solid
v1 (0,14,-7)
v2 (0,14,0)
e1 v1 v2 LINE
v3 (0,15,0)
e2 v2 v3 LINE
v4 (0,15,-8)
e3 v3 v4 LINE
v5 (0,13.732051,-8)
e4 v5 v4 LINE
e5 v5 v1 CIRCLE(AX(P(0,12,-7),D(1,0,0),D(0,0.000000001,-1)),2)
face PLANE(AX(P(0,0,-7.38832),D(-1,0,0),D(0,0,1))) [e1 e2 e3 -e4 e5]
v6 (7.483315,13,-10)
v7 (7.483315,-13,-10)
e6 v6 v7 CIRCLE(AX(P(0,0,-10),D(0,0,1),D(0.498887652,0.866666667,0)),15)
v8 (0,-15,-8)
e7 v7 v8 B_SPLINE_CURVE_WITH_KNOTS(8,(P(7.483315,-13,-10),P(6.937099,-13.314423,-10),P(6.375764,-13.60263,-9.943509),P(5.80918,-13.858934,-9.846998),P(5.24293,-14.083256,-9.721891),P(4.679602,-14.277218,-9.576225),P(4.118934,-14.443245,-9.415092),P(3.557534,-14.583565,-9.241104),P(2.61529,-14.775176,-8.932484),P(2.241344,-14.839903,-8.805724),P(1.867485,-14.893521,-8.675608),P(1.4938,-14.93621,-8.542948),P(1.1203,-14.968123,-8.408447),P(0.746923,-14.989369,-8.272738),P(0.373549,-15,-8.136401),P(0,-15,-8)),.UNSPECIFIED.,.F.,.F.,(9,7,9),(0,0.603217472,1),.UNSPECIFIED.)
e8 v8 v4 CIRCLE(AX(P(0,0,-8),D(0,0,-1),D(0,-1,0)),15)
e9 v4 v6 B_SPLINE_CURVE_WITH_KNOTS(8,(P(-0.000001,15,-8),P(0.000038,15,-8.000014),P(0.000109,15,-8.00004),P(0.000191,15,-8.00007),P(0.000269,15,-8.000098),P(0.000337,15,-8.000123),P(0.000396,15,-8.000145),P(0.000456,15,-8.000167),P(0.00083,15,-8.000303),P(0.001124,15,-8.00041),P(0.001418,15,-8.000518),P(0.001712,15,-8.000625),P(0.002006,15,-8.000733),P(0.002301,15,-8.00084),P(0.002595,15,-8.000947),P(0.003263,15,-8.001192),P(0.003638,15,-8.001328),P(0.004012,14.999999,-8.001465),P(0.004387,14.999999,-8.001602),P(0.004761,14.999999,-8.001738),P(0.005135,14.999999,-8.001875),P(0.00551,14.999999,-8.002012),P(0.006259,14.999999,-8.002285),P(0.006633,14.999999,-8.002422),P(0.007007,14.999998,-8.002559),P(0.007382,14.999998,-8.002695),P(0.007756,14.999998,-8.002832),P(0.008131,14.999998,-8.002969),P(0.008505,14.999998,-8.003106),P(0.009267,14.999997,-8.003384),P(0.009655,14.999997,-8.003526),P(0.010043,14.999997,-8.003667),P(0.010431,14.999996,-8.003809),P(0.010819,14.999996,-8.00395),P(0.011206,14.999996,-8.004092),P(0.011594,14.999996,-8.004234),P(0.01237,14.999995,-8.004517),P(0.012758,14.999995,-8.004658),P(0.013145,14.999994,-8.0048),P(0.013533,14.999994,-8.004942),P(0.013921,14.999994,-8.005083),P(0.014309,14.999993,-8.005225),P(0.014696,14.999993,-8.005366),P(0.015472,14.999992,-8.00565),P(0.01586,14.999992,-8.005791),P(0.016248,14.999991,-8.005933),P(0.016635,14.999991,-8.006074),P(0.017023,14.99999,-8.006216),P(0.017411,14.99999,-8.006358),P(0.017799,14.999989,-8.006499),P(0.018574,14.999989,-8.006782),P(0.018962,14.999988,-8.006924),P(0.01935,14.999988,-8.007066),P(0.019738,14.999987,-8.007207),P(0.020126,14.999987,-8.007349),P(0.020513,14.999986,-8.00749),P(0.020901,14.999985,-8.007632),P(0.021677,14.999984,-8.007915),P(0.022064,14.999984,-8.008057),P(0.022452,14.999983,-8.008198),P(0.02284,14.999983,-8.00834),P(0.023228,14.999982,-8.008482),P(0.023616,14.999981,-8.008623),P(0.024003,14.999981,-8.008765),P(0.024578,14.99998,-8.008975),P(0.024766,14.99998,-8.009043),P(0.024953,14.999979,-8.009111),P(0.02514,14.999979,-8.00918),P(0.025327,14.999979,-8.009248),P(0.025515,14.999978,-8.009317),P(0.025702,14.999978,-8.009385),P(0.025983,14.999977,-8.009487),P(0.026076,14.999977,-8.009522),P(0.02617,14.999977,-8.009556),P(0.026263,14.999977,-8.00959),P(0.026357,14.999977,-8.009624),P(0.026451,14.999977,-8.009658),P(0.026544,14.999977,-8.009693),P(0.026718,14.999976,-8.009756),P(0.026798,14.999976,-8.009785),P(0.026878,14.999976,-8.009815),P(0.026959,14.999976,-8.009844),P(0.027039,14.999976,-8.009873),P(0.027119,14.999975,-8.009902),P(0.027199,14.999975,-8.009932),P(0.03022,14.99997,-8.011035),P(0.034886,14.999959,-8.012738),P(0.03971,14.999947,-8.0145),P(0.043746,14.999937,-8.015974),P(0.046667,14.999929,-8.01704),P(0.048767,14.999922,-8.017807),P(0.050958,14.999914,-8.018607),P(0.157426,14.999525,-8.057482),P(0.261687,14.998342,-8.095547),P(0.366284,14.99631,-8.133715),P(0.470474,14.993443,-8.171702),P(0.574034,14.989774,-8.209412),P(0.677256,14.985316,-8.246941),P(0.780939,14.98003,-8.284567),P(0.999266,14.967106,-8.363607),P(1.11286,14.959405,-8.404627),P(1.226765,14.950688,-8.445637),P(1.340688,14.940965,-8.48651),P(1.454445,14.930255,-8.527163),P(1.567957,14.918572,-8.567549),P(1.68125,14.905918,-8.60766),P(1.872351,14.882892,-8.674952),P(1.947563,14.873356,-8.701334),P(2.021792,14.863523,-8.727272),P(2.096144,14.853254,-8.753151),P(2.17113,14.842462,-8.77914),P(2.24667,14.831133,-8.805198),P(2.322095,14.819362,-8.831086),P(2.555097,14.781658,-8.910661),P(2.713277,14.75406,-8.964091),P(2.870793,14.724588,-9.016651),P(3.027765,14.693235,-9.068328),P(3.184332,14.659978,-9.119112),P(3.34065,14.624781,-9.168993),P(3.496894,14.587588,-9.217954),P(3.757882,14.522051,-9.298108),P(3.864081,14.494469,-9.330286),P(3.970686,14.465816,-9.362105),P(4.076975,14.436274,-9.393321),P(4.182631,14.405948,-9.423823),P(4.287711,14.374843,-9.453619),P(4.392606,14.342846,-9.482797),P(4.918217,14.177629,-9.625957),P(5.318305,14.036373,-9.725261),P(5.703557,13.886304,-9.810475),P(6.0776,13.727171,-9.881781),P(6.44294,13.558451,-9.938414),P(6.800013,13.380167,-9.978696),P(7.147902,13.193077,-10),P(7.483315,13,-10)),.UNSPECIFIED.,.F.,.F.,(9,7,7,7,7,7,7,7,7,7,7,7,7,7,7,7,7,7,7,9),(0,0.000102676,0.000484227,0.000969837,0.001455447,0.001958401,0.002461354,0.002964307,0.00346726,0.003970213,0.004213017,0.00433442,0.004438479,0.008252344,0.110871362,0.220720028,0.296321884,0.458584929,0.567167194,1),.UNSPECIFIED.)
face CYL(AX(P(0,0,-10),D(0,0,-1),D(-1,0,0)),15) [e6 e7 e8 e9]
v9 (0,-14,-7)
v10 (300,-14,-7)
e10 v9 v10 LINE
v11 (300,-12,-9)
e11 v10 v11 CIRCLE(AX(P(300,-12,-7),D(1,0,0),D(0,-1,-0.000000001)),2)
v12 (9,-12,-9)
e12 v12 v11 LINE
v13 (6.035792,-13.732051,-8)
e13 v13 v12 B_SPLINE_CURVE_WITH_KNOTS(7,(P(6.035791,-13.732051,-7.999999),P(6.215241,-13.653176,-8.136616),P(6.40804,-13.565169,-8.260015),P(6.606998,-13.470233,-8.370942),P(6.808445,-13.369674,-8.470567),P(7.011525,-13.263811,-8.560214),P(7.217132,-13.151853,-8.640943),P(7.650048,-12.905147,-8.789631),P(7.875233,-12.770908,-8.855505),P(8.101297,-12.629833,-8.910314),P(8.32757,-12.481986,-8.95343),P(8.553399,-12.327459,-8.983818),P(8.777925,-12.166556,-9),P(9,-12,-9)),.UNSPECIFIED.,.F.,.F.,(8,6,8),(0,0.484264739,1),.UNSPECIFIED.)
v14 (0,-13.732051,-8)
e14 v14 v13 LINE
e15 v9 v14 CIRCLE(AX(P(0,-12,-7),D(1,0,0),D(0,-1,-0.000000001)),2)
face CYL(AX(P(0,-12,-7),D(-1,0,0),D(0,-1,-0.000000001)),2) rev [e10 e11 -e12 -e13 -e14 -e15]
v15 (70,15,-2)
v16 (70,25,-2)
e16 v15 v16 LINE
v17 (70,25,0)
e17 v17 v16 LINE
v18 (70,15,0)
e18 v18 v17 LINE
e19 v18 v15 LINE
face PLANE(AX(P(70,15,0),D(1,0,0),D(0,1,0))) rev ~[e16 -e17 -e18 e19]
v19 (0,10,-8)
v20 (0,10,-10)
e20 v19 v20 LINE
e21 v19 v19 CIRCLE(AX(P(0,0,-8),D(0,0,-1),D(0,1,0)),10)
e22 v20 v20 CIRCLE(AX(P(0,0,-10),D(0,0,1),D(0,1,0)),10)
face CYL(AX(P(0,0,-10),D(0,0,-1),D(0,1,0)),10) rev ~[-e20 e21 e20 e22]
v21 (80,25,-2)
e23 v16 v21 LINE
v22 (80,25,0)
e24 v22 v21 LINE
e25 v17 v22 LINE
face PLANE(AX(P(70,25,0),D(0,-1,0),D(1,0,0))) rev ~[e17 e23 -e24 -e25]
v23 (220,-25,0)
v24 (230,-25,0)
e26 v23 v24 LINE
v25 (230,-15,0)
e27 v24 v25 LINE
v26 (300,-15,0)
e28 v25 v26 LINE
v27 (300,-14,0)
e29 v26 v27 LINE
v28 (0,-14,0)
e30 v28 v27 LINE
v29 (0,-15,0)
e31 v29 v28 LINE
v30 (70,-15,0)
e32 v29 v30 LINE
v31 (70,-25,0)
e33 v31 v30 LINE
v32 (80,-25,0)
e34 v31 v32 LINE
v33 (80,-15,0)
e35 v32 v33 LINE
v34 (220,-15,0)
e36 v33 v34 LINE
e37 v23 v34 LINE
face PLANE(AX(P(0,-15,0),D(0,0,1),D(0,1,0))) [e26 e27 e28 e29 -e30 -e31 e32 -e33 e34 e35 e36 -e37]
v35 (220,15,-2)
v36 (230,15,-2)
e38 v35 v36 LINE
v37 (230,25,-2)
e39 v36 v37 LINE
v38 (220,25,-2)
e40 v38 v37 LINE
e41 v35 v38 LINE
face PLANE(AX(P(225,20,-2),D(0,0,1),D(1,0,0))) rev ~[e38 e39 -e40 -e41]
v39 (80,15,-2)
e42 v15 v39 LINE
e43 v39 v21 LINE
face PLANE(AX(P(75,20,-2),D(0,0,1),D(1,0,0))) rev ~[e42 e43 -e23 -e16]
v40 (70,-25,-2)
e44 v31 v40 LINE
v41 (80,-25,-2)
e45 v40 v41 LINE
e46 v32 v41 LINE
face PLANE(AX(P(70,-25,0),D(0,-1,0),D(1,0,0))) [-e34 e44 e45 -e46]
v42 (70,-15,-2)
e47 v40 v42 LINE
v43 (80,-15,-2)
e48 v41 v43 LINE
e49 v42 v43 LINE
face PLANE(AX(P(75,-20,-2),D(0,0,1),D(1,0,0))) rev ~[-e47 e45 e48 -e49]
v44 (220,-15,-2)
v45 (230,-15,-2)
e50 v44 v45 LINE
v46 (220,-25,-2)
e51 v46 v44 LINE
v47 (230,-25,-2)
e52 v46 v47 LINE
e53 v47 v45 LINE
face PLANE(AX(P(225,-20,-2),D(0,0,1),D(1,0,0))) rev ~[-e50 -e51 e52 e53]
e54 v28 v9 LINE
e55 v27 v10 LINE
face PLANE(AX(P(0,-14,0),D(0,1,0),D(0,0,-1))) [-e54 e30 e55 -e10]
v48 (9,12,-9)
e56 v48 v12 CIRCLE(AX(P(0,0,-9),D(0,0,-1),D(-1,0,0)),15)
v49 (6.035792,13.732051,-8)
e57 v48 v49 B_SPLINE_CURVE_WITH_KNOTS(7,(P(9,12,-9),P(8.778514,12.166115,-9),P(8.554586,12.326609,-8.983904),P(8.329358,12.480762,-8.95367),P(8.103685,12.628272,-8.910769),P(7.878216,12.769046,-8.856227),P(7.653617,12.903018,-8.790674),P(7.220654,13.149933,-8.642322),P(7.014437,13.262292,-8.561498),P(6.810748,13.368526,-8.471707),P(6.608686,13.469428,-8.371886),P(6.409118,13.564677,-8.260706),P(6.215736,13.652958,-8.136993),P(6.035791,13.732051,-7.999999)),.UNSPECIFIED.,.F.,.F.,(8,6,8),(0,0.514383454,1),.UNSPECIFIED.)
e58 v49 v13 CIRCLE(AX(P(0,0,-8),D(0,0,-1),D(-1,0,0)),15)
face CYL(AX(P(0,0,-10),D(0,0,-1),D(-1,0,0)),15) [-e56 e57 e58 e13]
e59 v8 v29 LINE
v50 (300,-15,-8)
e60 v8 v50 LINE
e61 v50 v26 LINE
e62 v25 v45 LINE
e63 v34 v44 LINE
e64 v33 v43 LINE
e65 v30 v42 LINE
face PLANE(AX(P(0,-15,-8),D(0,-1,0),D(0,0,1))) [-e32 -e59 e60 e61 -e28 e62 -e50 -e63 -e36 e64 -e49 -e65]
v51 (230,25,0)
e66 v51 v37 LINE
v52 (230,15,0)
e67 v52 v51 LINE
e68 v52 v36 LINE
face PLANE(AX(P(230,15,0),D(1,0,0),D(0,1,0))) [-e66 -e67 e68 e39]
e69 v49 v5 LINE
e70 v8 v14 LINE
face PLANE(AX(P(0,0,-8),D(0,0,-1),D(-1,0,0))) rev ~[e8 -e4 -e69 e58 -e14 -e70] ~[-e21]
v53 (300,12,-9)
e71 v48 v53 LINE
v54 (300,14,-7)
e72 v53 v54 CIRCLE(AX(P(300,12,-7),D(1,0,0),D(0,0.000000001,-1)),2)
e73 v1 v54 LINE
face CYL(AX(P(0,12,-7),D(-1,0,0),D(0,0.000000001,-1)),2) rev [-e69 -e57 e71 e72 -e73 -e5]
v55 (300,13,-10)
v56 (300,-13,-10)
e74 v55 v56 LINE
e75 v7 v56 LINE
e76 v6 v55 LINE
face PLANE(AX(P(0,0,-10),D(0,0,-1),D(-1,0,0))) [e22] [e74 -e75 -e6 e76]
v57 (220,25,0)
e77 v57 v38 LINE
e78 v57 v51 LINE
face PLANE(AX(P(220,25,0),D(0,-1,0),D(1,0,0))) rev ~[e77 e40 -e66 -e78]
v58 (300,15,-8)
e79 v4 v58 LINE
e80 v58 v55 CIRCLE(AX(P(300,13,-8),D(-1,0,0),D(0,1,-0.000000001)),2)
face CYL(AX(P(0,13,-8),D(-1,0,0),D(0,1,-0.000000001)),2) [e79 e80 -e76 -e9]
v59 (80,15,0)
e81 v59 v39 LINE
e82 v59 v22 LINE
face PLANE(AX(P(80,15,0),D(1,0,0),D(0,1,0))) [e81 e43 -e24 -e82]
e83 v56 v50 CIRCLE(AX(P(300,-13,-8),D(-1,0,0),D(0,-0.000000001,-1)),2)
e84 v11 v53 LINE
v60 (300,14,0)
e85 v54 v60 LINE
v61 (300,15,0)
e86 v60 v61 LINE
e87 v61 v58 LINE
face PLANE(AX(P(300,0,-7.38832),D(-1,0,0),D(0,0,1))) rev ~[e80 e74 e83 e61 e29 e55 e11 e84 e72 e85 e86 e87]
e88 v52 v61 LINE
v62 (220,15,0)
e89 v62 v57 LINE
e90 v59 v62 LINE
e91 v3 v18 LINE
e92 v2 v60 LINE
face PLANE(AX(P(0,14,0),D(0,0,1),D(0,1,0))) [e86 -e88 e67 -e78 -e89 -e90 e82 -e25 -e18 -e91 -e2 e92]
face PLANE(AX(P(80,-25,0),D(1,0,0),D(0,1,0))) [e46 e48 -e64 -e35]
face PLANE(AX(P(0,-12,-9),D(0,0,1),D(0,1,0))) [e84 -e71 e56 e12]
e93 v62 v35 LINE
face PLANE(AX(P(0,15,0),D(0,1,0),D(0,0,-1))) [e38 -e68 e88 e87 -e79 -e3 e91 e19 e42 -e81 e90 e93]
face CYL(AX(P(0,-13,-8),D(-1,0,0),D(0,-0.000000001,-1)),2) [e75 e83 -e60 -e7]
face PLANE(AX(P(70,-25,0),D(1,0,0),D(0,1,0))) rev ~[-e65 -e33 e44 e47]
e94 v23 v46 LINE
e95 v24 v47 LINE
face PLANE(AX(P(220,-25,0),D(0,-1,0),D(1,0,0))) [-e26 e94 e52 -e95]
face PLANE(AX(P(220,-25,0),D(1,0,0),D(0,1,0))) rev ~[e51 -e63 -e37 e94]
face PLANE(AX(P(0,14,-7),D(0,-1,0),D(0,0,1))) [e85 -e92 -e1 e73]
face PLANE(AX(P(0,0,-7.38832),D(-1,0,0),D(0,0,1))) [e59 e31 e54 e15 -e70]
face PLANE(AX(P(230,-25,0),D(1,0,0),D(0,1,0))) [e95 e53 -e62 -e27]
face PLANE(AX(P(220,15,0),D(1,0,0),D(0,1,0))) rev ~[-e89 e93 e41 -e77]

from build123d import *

# Parameters (mm, degrees)
BOSS_EXTRUDE1_DEPTH = 300
SKETCH2_W           = 10
SKETCH2_H           = 10
BOSS_EXTRUDE2_DEPTH = 2
SKETCH4_R           = 15
SKETCH4_R_2         = 10
BOSS_EXTRUDE3_DEPTH = 2
SKETCH4_3_R         = 10
CUT_EXTRUDE1_DEPTH  = 2


with BuildPart() as part:
    # Sketch1 → Boss-Extrude1 (new body)
    with BuildSketch(Plane(origin=(0, 0, 0), x_dir=(0, 0, -1), z_dir=(1, 0, 0))):
        with BuildLine():
            Line((8, 15), (0, 15))
            Line((0, 15), (0, 14))
            Line((0, 14), (7, 14))
            ThreePointArc((7, 14), (8.414213562, 13.414213562), (9, 12))
            Line((9, 12), (9, -12))
            ThreePointArc((9, -12), (8.414213562, -13.414213562), (7, -14))
            Line((7, -14), (0, -14))
            Line((0, -14), (0, -15))
            Line((0, -15), (8, -15))
            ThreePointArc((8, -15), (9.414213562, -14.414213562), (10, -13))
            Line((10, -13), (10, 13))
            ThreePointArc((10, 13), (9.414213562, 14.414213562), (8, 15))
        make_face()
    extrude(amount=BOSS_EXTRUDE1_DEPTH)

    # Sketch2 → Boss-Extrude2 (add)
    with BuildSketch(Plane.XY):
        with Locations((75, 20)):
            Rectangle(SKETCH2_W, SKETCH2_H)
        with Locations((75, -20)):
            Rectangle(SKETCH2_W, SKETCH2_H)
        with Locations((225, 20)):
            Rectangle(SKETCH2_W, SKETCH2_H)
        with Locations((225, -20)):
            Rectangle(SKETCH2_W, SKETCH2_H)
    extrude(amount=-BOSS_EXTRUDE2_DEPTH)

    # Sketch4 → Boss-Extrude3 (add)
    with BuildSketch(Plane(origin=(0, 0, -10), x_dir=(-1, 0, 0), z_dir=(0, 0, -1))):
        Circle(SKETCH4_R)
        Circle(SKETCH4_R_2, mode=Mode.SUBTRACT)
    extrude(amount=-BOSS_EXTRUDE3_DEPTH)

    # Sketch4<3> → Cut-Extrude1 (cut)
    with BuildSketch(Plane(origin=(0, 0, -10), x_dir=(-1, 0, 0), z_dir=(0, 0, -1))):
        Circle(SKETCH4_3_R)
    extrude(amount=-CUT_EXTRUDE1_DEPTH, mode=Mode.SUBTRACT)


solid = part.part
